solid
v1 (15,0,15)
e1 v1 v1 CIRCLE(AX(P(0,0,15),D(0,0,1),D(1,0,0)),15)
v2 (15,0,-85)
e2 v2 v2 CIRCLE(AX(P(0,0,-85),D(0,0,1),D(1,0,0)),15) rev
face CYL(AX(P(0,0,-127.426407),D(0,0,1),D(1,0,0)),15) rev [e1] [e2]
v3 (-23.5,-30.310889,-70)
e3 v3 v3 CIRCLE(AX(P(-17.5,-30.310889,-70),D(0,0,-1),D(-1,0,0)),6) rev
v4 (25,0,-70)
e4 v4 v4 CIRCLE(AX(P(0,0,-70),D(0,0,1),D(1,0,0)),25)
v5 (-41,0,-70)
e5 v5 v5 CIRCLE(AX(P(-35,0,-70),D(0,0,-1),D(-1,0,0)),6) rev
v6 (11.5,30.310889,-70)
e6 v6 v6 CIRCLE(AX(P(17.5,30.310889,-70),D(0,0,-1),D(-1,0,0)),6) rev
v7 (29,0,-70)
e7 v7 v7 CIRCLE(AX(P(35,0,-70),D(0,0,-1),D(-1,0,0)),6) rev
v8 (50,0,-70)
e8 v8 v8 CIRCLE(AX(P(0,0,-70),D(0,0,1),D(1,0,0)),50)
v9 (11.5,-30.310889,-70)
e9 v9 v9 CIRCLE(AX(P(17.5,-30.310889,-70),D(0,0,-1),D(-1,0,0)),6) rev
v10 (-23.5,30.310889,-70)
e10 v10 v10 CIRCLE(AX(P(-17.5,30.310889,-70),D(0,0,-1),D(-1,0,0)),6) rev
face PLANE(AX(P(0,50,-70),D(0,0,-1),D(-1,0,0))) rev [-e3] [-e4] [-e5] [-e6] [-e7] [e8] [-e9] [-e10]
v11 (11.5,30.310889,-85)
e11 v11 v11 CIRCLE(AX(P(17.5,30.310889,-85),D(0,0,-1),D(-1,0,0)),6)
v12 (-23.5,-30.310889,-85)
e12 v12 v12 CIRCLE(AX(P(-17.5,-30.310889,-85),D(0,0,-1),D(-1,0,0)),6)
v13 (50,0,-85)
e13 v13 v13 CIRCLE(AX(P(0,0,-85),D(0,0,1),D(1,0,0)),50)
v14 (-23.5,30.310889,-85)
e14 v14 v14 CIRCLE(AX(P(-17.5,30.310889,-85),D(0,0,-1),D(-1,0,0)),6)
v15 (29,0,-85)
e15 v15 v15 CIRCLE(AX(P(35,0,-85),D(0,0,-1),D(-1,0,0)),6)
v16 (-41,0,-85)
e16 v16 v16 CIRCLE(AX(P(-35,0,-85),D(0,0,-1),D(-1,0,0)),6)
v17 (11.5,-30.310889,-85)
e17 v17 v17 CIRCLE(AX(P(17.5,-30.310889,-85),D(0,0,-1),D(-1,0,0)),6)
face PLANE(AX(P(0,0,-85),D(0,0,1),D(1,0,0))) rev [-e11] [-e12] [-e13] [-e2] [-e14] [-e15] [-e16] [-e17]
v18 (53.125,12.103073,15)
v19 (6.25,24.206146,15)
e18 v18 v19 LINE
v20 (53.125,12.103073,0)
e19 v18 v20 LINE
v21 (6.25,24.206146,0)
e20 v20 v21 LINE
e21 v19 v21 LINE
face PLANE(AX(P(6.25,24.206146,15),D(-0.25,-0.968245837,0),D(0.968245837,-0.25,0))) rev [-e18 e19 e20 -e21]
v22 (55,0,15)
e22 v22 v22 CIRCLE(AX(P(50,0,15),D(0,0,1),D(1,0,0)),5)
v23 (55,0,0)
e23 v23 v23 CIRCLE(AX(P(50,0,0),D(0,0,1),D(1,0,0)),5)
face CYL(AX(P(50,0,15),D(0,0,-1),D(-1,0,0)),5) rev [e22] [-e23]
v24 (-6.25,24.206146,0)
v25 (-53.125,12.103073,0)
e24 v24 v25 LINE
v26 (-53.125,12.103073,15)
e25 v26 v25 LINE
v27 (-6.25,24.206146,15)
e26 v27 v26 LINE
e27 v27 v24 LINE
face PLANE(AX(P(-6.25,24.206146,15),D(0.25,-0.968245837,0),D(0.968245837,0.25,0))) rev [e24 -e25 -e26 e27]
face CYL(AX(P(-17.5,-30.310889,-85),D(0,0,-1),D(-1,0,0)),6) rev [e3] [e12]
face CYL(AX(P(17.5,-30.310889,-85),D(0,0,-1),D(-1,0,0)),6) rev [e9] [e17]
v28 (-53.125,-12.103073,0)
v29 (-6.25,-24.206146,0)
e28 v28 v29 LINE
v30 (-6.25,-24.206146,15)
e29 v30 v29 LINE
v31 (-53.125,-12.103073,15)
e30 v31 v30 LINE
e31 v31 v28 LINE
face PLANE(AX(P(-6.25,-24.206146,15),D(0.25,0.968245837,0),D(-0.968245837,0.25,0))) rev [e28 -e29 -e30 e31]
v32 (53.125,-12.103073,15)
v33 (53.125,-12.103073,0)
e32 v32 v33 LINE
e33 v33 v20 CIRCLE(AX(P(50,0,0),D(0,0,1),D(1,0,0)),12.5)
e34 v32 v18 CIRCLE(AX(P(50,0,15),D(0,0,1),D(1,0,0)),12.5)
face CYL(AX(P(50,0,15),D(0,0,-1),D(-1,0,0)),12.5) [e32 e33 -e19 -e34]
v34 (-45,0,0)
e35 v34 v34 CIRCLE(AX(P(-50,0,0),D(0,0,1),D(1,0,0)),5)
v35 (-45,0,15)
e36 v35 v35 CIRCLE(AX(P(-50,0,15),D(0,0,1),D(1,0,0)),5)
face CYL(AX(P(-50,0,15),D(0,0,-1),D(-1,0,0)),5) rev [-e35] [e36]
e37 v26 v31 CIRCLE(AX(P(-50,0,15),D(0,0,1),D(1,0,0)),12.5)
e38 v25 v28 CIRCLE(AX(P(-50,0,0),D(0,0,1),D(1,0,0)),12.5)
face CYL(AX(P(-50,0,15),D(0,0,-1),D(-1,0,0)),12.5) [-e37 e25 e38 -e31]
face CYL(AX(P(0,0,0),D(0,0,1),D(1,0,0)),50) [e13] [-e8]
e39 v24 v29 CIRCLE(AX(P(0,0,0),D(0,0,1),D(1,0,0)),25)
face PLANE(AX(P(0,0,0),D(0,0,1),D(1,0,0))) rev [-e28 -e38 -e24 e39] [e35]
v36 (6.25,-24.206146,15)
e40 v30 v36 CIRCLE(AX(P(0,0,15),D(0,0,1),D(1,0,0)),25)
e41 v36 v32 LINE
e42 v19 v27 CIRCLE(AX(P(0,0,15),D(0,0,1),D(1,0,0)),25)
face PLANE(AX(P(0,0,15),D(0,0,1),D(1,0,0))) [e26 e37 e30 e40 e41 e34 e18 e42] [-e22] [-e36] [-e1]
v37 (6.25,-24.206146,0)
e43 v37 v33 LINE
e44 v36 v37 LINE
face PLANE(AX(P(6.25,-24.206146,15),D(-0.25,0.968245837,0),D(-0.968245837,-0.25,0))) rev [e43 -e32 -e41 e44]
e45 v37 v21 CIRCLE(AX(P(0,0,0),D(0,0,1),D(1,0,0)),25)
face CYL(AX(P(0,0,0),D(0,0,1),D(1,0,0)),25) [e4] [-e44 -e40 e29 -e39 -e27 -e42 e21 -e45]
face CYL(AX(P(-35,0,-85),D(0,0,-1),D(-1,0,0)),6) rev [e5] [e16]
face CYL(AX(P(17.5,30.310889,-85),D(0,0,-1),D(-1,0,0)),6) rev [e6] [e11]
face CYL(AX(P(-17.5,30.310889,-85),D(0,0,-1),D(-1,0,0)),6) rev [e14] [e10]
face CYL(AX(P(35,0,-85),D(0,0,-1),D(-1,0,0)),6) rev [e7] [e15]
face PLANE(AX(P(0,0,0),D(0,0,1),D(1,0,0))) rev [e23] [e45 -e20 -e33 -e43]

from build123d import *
from build123d.topology import SkipClean

# Parameters (mm, degrees)
BOSS_EXTRUDE1_START         = 15
SKETCH2_R                   = 5
BOSS_EXTRUDE1_DEPTH         = 15
SKETCH3_R                   = 15
CUT_EXTRUDE1_DEPTH          = 100
F_12_0MM_DOWEL_HOLE1_REACH  = 130.087
F_12_0MM_DOWEL_HOLE1_BORE_R = 6


with BuildPart() as part:
    # Sketch1 → Revolve1 (revolve)
    with BuildSketch(Plane(origin=(0, 0, 0), x_dir=(0, 0, -1), z_dir=(1, 0, 0)), mode=Mode.PRIVATE) as revolve1_sk:
        Polygon((85, 0), (85, 50), (70, 50), (70, 25), (0, 25), (0, 0), align=None)
    revolve(revolve1_sk.sketch.rotate(Axis((0, 0, 0), (0, 0, -1)), 90), axis=Axis((0, 0, 0), (0, 0, -1)))

    # Sketch2 → Boss-Extrude1 (add)
    with SkipClean():  # the faces are left unmerged after this step: merging them gives an invalid solid
        with BuildSketch(Plane.XY.offset(BOSS_EXTRUDE1_START)):
            with BuildLine():
                Line((-6.25, 24.206145914), (-53.125, 12.103072957))
                ThreePointArc((-53.125, 12.103072957), (-62.5, 0), (-53.125, -12.103072957))
                Line((-53.125, -12.103072957), (-6.25, -24.206145914))
                ThreePointArc((-6.25, -24.206145914), (0, -25), (6.25, -24.206145914))
                Line((6.25, -24.206145914), (53.125, -12.103072957))
                ThreePointArc((53.125, -12.103072957), (62.5, 0), (53.125, 12.103072957))
                Line((53.125, 12.103072957), (6.25, 24.206145914))
                ThreePointArc((6.25, 24.206145914), (0, 25), (-6.25, 24.206145914))
            make_face()
            with Locations((-50, 0)):
                Circle(SKETCH2_R, mode=Mode.SUBTRACT)
            with Locations((50, 0)):
                Circle(SKETCH2_R, mode=Mode.SUBTRACT)
        extrude(amount=-BOSS_EXTRUDE1_DEPTH)

    # Sketch3 → Cut-Extrude1 (cut)
    with SkipClean():  # the faces are left unmerged after this step: merging them gives an invalid solid
        with BuildSketch(Plane.XY.offset(15)):
            Circle(SKETCH3_R)
        extrude(amount=-CUT_EXTRUDE1_DEPTH, mode=Mode.SUBTRACT)

    # Ø12.0mm Dowel Hole1 bore → Ø12.0mm Dowel Hole1 (cut, up to next)
    with BuildSketch(Plane(origin=(0, 0, -85), x_dir=(-1, 0, 0), z_dir=(0, 0, -1)), mode=Mode.PRIVATE) as f_12_0mm_dowel_hole1_sk1:
        with Locations((-17.5, -30.310889132)):
            Circle(F_12_0MM_DOWEL_HOLE1_BORE_R)
    f_12_0mm_dowel_hole1_tool1 = extrude(f_12_0mm_dowel_hole1_sk1.sketch, amount=-F_12_0MM_DOWEL_HOLE1_REACH, mode=Mode.PRIVATE) & part.part
    # Ø12.0mm Dowel Hole1 bore → Ø12.0mm Dowel Hole1 (cut, up to next)
    with BuildSketch(Plane(origin=(0, 0, -85), x_dir=(-1, 0, 0), z_dir=(0, 0, -1)), mode=Mode.PRIVATE) as f_12_0mm_dowel_hole1_sk2:
        with Locations((-35, 0)):
            Circle(F_12_0MM_DOWEL_HOLE1_BORE_R)
    f_12_0mm_dowel_hole1_tool2 = extrude(f_12_0mm_dowel_hole1_sk2.sketch, amount=-F_12_0MM_DOWEL_HOLE1_REACH, mode=Mode.PRIVATE) & part.part
    # Ø12.0mm Dowel Hole1 bore → Ø12.0mm Dowel Hole1 (cut, up to next)
    with BuildSketch(Plane(origin=(0, 0, -85), x_dir=(-1, 0, 0), z_dir=(0, 0, -1)), mode=Mode.PRIVATE) as f_12_0mm_dowel_hole1_sk3:
        with Locations((-17.5, 30.310889132)):
            Circle(F_12_0MM_DOWEL_HOLE1_BORE_R)
    f_12_0mm_dowel_hole1_tool3 = extrude(f_12_0mm_dowel_hole1_sk3.sketch, amount=-F_12_0MM_DOWEL_HOLE1_REACH, mode=Mode.PRIVATE) & part.part
    # Ø12.0mm Dowel Hole1 bore → Ø12.0mm Dowel Hole1 (cut, up to next)
    with BuildSketch(Plane(origin=(0, 0, -85), x_dir=(-1, 0, 0), z_dir=(0, 0, -1)), mode=Mode.PRIVATE) as f_12_0mm_dowel_hole1_sk4:
        with Locations((17.5, 30.310889132)):
            Circle(F_12_0MM_DOWEL_HOLE1_BORE_R)
    f_12_0mm_dowel_hole1_tool4 = extrude(f_12_0mm_dowel_hole1_sk4.sketch, amount=-F_12_0MM_DOWEL_HOLE1_REACH, mode=Mode.PRIVATE) & part.part
    # Ø12.0mm Dowel Hole1 bore → Ø12.0mm Dowel Hole1 (cut, up to next)
    with BuildSketch(Plane(origin=(0, 0, -85), x_dir=(-1, 0, 0), z_dir=(0, 0, -1)), mode=Mode.PRIVATE) as f_12_0mm_dowel_hole1_sk5:
        with Locations((35, 0)):
            Circle(F_12_0MM_DOWEL_HOLE1_BORE_R)
    f_12_0mm_dowel_hole1_tool5 = extrude(f_12_0mm_dowel_hole1_sk5.sketch, amount=-F_12_0MM_DOWEL_HOLE1_REACH, mode=Mode.PRIVATE) & part.part
    # Ø12.0mm Dowel Hole1 bore → Ø12.0mm Dowel Hole1 (cut, up to next)
    with BuildSketch(Plane(origin=(0, 0, -85), x_dir=(-1, 0, 0), z_dir=(0, 0, -1)), mode=Mode.PRIVATE) as f_12_0mm_dowel_hole1_sk6:
        with Locations((17.5, -30.310889132)):
            Circle(F_12_0MM_DOWEL_HOLE1_BORE_R)
    f_12_0mm_dowel_hole1_tool6 = extrude(f_12_0mm_dowel_hole1_sk6.sketch, amount=-F_12_0MM_DOWEL_HOLE1_REACH, mode=Mode.PRIVATE) & part.part
    add(f_12_0mm_dowel_hole1_tool1.solids().sort_by_distance((17.5, -30.310889, -85))[0], mode=Mode.SUBTRACT)
    add(f_12_0mm_dowel_hole1_tool2.solids().sort_by_distance((35, 0, -85))[0], mode=Mode.SUBTRACT)
    add(f_12_0mm_dowel_hole1_tool3.solids().sort_by_distance((17.5, 30.310889, -85))[0], mode=Mode.SUBTRACT)
    add(f_12_0mm_dowel_hole1_tool4.solids().sort_by_distance((-17.5, 30.310889, -85))[0], mode=Mode.SUBTRACT)
    add(f_12_0mm_dowel_hole1_tool5.solids().sort_by_distance((-35, 0, -85))[0], mode=Mode.SUBTRACT)
    add(f_12_0mm_dowel_hole1_tool6.solids().sort_by_distance((-17.5, -30.310889, -85))[0], mode=Mode.SUBTRACT)


solid = part.part
